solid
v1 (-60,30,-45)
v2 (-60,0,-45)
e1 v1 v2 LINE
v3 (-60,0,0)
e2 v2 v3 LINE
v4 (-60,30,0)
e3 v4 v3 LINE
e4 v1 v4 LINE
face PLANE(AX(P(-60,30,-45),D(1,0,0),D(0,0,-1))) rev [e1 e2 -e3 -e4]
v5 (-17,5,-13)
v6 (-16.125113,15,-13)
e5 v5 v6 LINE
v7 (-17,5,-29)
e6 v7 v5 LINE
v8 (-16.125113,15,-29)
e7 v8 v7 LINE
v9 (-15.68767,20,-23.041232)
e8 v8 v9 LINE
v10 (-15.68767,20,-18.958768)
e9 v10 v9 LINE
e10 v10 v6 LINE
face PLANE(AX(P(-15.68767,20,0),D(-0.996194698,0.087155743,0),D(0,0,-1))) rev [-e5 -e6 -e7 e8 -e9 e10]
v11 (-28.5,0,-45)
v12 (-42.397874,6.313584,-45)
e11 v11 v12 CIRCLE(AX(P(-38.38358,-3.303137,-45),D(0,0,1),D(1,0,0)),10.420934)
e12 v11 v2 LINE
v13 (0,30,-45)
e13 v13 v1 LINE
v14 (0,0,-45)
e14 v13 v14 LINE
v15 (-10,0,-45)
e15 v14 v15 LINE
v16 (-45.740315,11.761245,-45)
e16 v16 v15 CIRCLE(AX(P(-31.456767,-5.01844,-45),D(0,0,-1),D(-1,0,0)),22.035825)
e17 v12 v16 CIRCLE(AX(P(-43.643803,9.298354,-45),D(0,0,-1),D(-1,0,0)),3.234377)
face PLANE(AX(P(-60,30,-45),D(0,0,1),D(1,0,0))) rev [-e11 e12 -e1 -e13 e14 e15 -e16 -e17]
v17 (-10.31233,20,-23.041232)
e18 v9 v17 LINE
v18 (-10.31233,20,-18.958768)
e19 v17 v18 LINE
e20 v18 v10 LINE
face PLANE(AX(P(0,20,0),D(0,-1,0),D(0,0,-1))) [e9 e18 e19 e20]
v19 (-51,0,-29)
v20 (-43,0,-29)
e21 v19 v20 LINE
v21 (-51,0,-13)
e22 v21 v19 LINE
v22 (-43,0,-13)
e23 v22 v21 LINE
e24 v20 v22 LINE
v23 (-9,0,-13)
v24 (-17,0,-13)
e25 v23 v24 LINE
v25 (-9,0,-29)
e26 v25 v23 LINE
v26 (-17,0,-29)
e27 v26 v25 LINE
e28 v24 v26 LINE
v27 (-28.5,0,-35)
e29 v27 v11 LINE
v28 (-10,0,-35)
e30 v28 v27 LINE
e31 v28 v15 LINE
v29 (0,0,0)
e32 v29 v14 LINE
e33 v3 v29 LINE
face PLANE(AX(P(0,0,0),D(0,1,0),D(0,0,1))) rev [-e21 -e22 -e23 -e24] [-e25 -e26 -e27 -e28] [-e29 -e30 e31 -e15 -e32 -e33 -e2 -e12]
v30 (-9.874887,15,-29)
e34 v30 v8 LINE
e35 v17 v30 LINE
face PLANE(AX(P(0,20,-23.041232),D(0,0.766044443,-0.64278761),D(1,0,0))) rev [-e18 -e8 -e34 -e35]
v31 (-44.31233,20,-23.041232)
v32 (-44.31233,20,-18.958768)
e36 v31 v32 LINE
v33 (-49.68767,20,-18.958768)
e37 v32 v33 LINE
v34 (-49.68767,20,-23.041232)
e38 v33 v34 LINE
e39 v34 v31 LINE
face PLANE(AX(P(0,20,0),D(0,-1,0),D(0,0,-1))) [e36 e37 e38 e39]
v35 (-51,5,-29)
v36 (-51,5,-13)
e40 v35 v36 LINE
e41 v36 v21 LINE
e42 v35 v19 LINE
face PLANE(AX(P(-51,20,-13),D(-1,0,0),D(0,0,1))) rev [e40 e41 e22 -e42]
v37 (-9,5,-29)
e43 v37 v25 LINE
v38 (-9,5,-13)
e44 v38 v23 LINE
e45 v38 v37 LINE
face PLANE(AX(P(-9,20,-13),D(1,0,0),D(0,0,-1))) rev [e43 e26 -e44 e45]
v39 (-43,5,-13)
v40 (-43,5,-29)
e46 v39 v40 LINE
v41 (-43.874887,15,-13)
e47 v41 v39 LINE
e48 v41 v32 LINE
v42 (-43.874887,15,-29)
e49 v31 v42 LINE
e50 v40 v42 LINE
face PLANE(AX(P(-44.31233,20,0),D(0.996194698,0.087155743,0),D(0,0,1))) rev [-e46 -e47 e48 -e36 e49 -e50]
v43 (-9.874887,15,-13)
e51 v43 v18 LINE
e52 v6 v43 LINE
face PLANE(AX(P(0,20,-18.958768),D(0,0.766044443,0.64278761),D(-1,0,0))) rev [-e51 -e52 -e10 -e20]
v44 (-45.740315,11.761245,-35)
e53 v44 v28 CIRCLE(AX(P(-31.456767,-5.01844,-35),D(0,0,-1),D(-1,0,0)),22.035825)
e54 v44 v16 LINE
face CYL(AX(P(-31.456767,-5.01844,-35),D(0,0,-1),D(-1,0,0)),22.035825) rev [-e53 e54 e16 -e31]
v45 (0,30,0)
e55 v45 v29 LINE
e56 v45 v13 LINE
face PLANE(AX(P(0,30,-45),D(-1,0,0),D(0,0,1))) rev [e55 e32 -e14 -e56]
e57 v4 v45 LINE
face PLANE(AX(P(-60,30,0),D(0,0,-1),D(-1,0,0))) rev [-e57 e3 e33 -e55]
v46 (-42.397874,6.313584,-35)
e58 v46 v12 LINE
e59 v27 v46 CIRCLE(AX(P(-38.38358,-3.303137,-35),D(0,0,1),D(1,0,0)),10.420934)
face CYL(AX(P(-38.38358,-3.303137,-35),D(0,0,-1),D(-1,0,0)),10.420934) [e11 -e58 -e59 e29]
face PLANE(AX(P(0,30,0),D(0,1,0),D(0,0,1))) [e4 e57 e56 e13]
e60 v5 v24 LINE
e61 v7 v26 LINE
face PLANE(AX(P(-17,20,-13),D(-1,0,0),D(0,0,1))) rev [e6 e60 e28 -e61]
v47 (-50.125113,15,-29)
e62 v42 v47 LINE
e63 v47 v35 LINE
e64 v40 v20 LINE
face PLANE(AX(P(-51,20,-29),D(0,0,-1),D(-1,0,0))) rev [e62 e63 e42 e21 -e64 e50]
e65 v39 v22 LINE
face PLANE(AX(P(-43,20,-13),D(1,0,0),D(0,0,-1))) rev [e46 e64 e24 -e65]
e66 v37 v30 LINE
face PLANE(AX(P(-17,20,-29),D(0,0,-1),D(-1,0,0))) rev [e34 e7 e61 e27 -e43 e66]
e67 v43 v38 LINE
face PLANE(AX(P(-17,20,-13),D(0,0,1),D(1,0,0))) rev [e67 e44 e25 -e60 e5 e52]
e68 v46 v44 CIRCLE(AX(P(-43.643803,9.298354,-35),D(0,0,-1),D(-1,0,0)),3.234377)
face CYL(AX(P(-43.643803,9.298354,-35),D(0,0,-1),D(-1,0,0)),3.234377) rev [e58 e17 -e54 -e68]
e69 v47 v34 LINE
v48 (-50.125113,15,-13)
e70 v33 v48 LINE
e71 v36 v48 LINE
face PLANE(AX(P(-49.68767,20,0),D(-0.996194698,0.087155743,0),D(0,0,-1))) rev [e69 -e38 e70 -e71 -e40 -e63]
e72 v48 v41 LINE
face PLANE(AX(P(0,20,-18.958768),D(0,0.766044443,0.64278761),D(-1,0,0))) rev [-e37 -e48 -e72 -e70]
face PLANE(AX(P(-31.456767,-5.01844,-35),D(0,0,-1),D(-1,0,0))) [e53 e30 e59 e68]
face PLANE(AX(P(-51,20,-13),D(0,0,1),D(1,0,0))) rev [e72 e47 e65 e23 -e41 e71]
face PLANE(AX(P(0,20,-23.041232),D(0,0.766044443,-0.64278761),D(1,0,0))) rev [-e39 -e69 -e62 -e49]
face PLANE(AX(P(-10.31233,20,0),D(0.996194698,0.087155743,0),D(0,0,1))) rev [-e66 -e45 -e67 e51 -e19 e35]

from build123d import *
from OCP.BRepFilletAPI import BRepFilletAPI_MakeChamfer

# Parameters (mm, degrees)
SKETCH1_W           = 60
SKETCH1_H           = 45
BOSS_EXTRUDE1_DEPTH = 30
SKETCH2_W           = 8
SKETCH2_H           = 16
CUT_EXTRUDE1_DEPTH  = 20
CHAMFER1_SIZE       = 15
CHAMFER1_SIZE2      = 1.312329953
CHAMFER2_SIZE       = 5
CHAMFER2_SIZE2      = 5.958767963
CUT_EXTRUDE2_DEPTH  = 10


with BuildPart() as part:
    # Sketch1 → Boss-Extrude1 (new body)
    with BuildSketch(Plane(origin=(0, 0, 0), x_dir=(1, 0, 0), z_dir=(0, 1, 0))):
        with Locations((-30, 22.5)):
            Rectangle(SKETCH1_W, SKETCH1_H)
    extrude(amount=BOSS_EXTRUDE1_DEPTH)

    # Sketch2 → Cut-Extrude1 (cut)
    with BuildSketch(Plane(origin=(0, 0, 0), x_dir=(-1, 0, 0), z_dir=(0, -1, 0))):
        with Locations((47, 21)):
            Rectangle(SKETCH2_W, SKETCH2_H)
        with Locations((13, 21)):
            Rectangle(SKETCH2_W, SKETCH2_H)
    extrude(amount=-CUT_EXTRUDE1_DEPTH, mode=Mode.SUBTRACT)

    # Chamfer1: one chamfer whose edges measure the first distance from different faces: ONE call of the kernel's chamfer builder (chamfer() names one face for all edges)
    chamfer1_edges_1 = [part.edges().sort_by_distance(p)[0] for p in [
        (-51, 20, -21),
    ]]
    chamfer1_side_1 = [part.faces().sort_by_distance(p)[0] for p in [
        (-51, 10, -21),
    ]]
    chamfer1_edges_2 = [part.edges().sort_by_distance(p)[0] for p in [
        (-43, 20, -21),
    ]]
    chamfer1_side_2 = [part.faces().sort_by_distance(p)[0] for p in [
        (-43, 10, -21),
    ]]
    chamfer1_edges_3 = [part.edges().sort_by_distance(p)[0] for p in [
        (-17, 20, -21),
    ]]
    chamfer1_side_3 = [part.faces().sort_by_distance(p)[0] for p in [
        (-17, 10, -21),
    ]]
    chamfer1_edges_4 = [part.edges().sort_by_distance(p)[0] for p in [
        (-9, 20, -21),
    ]]
    chamfer1_side_4 = [part.faces().sort_by_distance(p)[0] for p in [
        (-9, 10, -21),
    ]]
    chamfer1 = BRepFilletAPI_MakeChamfer(part.part.solid().wrapped)
    for e in chamfer1_edges_1:
        chamfer1.Add(CHAMFER1_SIZE, CHAMFER1_SIZE2, e.wrapped, chamfer1_side_1[0].wrapped)  # the first distance lies on this face
    for e in chamfer1_edges_2:
        chamfer1.Add(CHAMFER1_SIZE, CHAMFER1_SIZE2, e.wrapped, chamfer1_side_2[0].wrapped)  # the first distance lies on this face
    for e in chamfer1_edges_3:
        chamfer1.Add(CHAMFER1_SIZE, CHAMFER1_SIZE2, e.wrapped, chamfer1_side_3[0].wrapped)  # the first distance lies on this face
    for e in chamfer1_edges_4:
        chamfer1.Add(CHAMFER1_SIZE, CHAMFER1_SIZE2, e.wrapped, chamfer1_side_4[0].wrapped)  # the first distance lies on this face
    add(Compound.cast(chamfer1.Shape()), mode=Mode.REPLACE)

    # Chamfer2: one chamfer whose edges measure the first distance from different faces: ONE call of the kernel's chamfer builder (chamfer() names one face for all edges)
    chamfer2_edges_1 = [part.edges().sort_by_distance(p)[0] for p in [
        (-13, 20, -29),
    ]]
    chamfer2_side_1 = [part.faces().sort_by_distance(p)[0] for p in [
        (-13, 9.298544625, -29),
    ]]
    chamfer2_edges_2 = [part.edges().sort_by_distance(p)[0] for p in [
        (-13, 20, -13),
    ]]
    chamfer2_side_2 = [part.faces().sort_by_distance(p)[0] for p in [
        (-13, 9.298544625, -13),
    ]]
    chamfer2_edges_3 = [part.edges().sort_by_distance(p)[0] for p in [
        (-47, 20, -29),
    ]]
    chamfer2_side_3 = [part.faces().sort_by_distance(p)[0] for p in [
        (-47, 9.298544625, -29),
    ]]
    chamfer2_edges_4 = [part.edges().sort_by_distance(p)[0] for p in [
        (-47, 20, -13),
    ]]
    chamfer2_side_4 = [part.faces().sort_by_distance(p)[0] for p in [
        (-47, 9.298544625, -13),
    ]]
    chamfer2 = BRepFilletAPI_MakeChamfer(part.part.solid().wrapped)
    for e in chamfer2_edges_1:
        chamfer2.Add(CHAMFER2_SIZE, CHAMFER2_SIZE2, e.wrapped, chamfer2_side_1[0].wrapped)  # the first distance lies on this face
    for e in chamfer2_edges_2:
        chamfer2.Add(CHAMFER2_SIZE, CHAMFER2_SIZE2, e.wrapped, chamfer2_side_2[0].wrapped)  # the first distance lies on this face
    for e in chamfer2_edges_3:
        chamfer2.Add(CHAMFER2_SIZE, CHAMFER2_SIZE2, e.wrapped, chamfer2_side_3[0].wrapped)  # the first distance lies on this face
    for e in chamfer2_edges_4:
        chamfer2.Add(CHAMFER2_SIZE, CHAMFER2_SIZE2, e.wrapped, chamfer2_side_4[0].wrapped)  # the first distance lies on this face
    add(Compound.cast(chamfer2.Shape()), mode=Mode.REPLACE)

    # Sketch4 → Cut-Extrude2 (cut)
    with BuildSketch(Plane(origin=(0, 0, -45), x_dir=(-1, 0, 0), z_dir=(0, 0, -1))):
        with BuildLine():
            Line((10, 0), (28.5, 0))
            ThreePointArc((28.5, 0), (34.073421984, 6.184666101), (42.397874378, 6.313583642))
            ThreePointArc((42.397874378, 6.313583642), (46.400635454, 7.606885175), (45.740315255, 11.761244612))
            ThreePointArc((45.740315255, 11.761244612), (24.568698428, 15.91316533), (10, 0))
        make_face()
    extrude(amount=-CUT_EXTRUDE2_DEPTH, mode=Mode.SUBTRACT)


solid = part.part
